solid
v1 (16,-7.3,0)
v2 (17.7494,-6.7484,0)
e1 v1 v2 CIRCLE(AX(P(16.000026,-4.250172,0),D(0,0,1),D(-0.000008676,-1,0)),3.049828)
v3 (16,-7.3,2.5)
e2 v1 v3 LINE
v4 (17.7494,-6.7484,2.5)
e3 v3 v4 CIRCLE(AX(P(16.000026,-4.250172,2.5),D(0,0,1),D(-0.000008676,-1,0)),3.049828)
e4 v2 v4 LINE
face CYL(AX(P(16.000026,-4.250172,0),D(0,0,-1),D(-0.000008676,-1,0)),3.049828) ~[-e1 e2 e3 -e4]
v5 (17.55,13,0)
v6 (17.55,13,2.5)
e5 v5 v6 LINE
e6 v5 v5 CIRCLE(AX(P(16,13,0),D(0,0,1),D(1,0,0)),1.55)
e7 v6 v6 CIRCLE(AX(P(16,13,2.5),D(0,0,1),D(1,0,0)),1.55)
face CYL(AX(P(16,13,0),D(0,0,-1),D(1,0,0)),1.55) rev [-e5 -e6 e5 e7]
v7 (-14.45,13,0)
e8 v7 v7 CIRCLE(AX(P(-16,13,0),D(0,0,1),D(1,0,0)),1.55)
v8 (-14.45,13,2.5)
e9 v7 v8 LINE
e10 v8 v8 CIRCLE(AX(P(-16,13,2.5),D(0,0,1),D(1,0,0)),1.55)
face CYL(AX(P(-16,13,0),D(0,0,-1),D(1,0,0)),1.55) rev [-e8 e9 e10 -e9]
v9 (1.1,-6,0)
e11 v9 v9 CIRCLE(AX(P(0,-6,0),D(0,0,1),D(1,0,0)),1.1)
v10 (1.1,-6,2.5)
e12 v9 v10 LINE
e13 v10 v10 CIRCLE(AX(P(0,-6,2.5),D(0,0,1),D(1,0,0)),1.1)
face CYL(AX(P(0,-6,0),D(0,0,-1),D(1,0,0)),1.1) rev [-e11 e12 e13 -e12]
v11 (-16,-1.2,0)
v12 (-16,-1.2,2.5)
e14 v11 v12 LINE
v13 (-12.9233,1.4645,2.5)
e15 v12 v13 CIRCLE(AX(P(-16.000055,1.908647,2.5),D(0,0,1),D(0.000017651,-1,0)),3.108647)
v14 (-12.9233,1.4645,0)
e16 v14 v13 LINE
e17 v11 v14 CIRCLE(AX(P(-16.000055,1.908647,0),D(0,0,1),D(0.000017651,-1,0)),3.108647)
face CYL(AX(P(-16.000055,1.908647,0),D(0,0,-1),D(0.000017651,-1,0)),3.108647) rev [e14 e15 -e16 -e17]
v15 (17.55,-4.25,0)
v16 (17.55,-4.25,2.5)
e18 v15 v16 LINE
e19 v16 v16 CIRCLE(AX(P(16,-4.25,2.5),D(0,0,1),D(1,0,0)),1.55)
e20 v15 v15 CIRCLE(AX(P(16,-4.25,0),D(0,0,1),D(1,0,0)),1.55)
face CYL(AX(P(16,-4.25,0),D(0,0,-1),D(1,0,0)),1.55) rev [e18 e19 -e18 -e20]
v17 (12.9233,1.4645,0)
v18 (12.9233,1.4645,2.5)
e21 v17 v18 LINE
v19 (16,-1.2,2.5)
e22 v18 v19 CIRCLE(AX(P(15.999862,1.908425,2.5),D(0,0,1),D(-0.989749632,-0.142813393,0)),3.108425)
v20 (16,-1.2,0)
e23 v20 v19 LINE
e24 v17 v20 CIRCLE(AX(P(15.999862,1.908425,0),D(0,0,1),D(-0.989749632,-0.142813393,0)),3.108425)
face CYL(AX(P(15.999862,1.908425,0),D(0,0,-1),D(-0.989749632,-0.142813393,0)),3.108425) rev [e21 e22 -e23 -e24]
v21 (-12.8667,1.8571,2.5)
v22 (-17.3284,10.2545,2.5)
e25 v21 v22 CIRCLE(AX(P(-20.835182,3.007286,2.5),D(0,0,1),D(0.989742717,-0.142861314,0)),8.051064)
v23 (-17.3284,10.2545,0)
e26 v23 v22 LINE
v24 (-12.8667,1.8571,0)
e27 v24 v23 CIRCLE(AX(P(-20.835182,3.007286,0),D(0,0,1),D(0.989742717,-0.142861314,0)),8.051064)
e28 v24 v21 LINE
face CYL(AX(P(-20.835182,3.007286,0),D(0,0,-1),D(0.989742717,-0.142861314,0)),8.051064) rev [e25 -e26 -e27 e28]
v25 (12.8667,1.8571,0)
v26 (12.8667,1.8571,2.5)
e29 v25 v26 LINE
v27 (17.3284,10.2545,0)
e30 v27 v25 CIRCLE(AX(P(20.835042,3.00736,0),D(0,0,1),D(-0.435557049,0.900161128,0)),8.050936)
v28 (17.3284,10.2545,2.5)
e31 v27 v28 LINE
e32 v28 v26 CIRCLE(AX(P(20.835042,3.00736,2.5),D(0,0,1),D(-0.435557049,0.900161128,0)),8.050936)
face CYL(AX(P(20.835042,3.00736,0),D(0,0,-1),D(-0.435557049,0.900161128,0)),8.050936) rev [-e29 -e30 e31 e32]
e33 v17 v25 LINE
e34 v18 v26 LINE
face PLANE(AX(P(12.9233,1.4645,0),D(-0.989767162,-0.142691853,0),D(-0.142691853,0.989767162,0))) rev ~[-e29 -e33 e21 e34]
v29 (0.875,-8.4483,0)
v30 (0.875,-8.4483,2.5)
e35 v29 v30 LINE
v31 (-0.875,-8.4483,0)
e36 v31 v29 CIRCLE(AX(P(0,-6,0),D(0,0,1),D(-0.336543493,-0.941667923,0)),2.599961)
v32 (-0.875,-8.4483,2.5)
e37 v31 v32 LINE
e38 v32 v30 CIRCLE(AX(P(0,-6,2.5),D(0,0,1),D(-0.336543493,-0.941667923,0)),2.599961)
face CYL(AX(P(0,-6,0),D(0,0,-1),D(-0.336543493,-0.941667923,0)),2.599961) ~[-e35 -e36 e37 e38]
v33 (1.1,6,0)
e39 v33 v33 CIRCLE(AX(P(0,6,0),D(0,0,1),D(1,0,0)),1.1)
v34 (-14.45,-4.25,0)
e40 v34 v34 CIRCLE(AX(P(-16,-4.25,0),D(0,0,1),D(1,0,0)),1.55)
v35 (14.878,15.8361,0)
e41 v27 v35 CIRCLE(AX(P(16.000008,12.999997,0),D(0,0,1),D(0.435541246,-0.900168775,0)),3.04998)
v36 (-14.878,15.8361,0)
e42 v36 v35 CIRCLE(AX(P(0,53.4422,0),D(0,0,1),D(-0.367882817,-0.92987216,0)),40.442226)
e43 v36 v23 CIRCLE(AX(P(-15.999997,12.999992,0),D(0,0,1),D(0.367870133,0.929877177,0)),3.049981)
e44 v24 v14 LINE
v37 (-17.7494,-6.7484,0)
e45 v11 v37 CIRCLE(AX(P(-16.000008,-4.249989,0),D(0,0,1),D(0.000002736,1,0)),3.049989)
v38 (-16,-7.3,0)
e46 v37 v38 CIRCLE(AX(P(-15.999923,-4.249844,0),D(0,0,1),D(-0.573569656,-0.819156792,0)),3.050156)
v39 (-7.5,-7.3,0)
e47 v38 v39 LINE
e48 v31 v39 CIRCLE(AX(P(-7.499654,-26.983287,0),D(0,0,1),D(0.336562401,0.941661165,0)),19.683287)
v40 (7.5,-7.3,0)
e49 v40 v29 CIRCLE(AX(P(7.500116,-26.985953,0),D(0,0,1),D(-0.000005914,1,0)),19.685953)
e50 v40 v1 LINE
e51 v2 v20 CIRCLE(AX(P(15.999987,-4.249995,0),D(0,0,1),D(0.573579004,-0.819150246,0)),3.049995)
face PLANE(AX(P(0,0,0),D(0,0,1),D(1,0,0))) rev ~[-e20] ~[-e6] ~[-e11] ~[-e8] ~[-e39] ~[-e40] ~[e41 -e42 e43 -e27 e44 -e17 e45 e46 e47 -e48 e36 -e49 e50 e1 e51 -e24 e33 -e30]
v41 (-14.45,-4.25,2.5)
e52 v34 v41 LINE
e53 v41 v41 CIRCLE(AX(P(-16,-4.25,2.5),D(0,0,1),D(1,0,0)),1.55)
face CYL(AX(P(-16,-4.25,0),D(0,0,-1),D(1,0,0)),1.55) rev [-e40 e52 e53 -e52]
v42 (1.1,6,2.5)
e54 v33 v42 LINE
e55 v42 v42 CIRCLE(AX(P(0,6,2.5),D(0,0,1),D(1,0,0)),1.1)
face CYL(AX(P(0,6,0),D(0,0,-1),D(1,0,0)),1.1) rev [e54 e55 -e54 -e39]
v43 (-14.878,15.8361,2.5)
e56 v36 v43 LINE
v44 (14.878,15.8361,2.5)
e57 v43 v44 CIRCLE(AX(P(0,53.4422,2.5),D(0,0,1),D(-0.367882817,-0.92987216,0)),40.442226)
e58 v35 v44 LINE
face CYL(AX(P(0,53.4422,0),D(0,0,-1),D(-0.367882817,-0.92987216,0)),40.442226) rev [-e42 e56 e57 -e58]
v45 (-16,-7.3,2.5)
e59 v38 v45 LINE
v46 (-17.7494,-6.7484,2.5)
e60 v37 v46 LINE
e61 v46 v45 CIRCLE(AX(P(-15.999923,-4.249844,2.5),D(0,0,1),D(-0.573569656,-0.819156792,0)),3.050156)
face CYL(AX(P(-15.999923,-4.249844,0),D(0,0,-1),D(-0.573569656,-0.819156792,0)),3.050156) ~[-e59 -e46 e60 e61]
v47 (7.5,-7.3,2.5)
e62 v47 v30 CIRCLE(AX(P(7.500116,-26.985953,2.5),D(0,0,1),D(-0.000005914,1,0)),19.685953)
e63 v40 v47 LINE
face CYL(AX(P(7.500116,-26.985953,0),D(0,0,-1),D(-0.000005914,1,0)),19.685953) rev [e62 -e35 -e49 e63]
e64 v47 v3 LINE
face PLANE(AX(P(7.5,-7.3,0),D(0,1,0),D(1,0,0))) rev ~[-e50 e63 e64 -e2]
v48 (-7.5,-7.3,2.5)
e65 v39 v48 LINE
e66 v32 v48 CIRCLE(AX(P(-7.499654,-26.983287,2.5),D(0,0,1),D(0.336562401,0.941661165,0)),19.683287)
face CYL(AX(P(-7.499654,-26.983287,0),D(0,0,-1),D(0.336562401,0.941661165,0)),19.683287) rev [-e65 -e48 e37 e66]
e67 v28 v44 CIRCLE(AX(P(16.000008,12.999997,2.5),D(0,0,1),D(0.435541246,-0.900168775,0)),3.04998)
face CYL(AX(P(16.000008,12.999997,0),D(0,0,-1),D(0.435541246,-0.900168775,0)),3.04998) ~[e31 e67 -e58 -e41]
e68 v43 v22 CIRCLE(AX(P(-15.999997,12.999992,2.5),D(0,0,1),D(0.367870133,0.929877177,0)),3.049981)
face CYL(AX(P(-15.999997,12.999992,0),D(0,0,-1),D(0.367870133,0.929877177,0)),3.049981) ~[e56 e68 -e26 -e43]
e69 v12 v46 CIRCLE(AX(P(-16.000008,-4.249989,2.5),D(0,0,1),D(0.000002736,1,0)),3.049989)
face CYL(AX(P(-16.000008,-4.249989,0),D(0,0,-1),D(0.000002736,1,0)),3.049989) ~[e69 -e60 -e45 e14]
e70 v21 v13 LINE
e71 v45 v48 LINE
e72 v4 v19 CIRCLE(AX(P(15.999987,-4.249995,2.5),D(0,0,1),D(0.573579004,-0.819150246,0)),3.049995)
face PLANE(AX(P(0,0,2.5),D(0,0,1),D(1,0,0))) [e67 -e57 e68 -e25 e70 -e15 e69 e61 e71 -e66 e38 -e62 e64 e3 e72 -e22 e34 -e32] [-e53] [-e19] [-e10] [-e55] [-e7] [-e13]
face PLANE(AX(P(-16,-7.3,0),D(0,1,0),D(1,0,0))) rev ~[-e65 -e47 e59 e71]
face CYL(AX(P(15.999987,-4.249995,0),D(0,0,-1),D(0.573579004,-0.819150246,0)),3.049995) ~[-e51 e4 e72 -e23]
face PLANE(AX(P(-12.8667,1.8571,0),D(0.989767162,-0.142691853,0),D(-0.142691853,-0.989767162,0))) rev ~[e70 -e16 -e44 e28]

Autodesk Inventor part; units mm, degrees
ref_plane "YZ Plane" through (0, 0, 0) normal (1, 0, 0) x (0, 1, 0)
ref_plane "XZ Plane" through (0, 0, 0) normal (0, 1, 0) x (-1, 0, 0)
ref_plane "XY Plane" through (0, 0, 0) normal (0, 0, 1) x (1, 0, 0)
sketch "Sketch1" plane through (0, 0, 0) normal (0, 0, 1) x (1, 0, 0)
  circle A0 centre (0, -6) radius 1.1 projected
  circle A1 centre (0, 6) radius 1.1 projected
  circle A2 centre (-16, 13) radius 1.55 projected
  circle A3 centre (16, 13) radius 1.55 projected
  circle A4 centre (-16, -4.25) radius 1.55 projected
  circle A5 centre (16, -4.25) radius 1.55 projected
  arc A6 (17.7494, -6.7484) -> (16, -1.2) centre (16, -4.25) ccw projected
  arc A7 (12.9233, 1.4645) -> (16, -1.2) centre (16, 1.9085) ccw projected
  arc A8 (17.3284, 10.2545) -> (12.8667, 1.8571) centre (20.8351, 3.0073) ccw projected
  line L0 (12.9233, 1.4645) -> (12.8667, 1.8571) projected
  arc A9 (17.3284, 10.2545) -> (14.878, 15.8361) centre (16, 13) ccw projected
  arc A10 (-14.878, 15.8361) -> (14.878, 15.8361) centre (0, 53.4422) ccw projected
  arc A11 (-14.878, 15.8361) -> (-17.3284, 10.2545) centre (-16, 13) ccw projected
  arc A12 (-12.8667, 1.8571) -> (-17.3284, 10.2545) centre (-20.8351, 3.0073) ccw projected
  arc A13 (-16, -1.2) -> (-12.9233, 1.4645) centre (-16, 1.9085) ccw projected
  line L1 (-12.8667, 1.8571) -> (-12.9233, 1.4645) projected
  arc A14 (-16, -1.2) -> (-17.7494, -6.7484) centre (-16, -4.25) ccw projected
  line L2 (0, -6) -> (-7.5, -6) construction
  line L3 (-7.5, -6) -> (-7.5, 6) construction
  line L4 (-7.5, 6) -> (0, 6) construction
  line L5 (0, 6) -> (7.5, 6) construction
  line L6 (7.5, 6) -> (7.5, -6) construction
  line L7 (7.5, -6) -> (0, -6) construction
  arc A15 (-17.7494, -6.7484) -> (-16, -7.3) centre (-16, -4.25) ccw
  arc A16 (16, -1.2) -> (16, -7.3) centre (16, -4.25) ccw construction
  line L8 (-16, -7.3) -> (-7.5, -7.3)
  arc A17 (-0.875, -8.4483) -> (0.875, -8.4483) centre (0, -6) ccw
  arc A18 (7.5, -7.3) -> (0.875, -8.4483) centre (7.5, -26.9846) ccw
  arc A19 (-0.875, -8.4483) -> (-7.5, -7.3) centre (-7.5, -26.9846) ccw
  line L9 (-7.5, -7.3) -> (-2.2517, -7.3) construction
  line L10 (7.5, -7.3) -> (16, -7.3)
  arc A20 (-2.2517, -7.3) -> (-0.875, -8.4483) centre (0, -6) ccw construction
  arc A21 (0.875, -8.4483) -> (2.2517, -7.3) centre (0, -6) ccw construction
  arc A22 (2.2517, -7.3) -> (-2.2517, -7.3) centre (0, -6) ccw construction
  line L11 (-2.2517, -7.3) -> (2.2517, -7.3) construction
  line L12 (2.2517, -7.3) -> (7.5, -7.3) construction
  arc A23 (16, -7.3) -> (17.7494, -6.7484) centre (16, -4.25) ccw
  arc A24 (-16, -7.3) -> (-16, -1.2) centre (-16, -4.25) ccw construction
  point P0 (0, 0)
  dimension "d0" = 1.5
  dimension "d1" = 15
extrude "Extrusion1" add sketch "Sketch1" along normal blind 2.5
properties part number "AS5600_mount"
